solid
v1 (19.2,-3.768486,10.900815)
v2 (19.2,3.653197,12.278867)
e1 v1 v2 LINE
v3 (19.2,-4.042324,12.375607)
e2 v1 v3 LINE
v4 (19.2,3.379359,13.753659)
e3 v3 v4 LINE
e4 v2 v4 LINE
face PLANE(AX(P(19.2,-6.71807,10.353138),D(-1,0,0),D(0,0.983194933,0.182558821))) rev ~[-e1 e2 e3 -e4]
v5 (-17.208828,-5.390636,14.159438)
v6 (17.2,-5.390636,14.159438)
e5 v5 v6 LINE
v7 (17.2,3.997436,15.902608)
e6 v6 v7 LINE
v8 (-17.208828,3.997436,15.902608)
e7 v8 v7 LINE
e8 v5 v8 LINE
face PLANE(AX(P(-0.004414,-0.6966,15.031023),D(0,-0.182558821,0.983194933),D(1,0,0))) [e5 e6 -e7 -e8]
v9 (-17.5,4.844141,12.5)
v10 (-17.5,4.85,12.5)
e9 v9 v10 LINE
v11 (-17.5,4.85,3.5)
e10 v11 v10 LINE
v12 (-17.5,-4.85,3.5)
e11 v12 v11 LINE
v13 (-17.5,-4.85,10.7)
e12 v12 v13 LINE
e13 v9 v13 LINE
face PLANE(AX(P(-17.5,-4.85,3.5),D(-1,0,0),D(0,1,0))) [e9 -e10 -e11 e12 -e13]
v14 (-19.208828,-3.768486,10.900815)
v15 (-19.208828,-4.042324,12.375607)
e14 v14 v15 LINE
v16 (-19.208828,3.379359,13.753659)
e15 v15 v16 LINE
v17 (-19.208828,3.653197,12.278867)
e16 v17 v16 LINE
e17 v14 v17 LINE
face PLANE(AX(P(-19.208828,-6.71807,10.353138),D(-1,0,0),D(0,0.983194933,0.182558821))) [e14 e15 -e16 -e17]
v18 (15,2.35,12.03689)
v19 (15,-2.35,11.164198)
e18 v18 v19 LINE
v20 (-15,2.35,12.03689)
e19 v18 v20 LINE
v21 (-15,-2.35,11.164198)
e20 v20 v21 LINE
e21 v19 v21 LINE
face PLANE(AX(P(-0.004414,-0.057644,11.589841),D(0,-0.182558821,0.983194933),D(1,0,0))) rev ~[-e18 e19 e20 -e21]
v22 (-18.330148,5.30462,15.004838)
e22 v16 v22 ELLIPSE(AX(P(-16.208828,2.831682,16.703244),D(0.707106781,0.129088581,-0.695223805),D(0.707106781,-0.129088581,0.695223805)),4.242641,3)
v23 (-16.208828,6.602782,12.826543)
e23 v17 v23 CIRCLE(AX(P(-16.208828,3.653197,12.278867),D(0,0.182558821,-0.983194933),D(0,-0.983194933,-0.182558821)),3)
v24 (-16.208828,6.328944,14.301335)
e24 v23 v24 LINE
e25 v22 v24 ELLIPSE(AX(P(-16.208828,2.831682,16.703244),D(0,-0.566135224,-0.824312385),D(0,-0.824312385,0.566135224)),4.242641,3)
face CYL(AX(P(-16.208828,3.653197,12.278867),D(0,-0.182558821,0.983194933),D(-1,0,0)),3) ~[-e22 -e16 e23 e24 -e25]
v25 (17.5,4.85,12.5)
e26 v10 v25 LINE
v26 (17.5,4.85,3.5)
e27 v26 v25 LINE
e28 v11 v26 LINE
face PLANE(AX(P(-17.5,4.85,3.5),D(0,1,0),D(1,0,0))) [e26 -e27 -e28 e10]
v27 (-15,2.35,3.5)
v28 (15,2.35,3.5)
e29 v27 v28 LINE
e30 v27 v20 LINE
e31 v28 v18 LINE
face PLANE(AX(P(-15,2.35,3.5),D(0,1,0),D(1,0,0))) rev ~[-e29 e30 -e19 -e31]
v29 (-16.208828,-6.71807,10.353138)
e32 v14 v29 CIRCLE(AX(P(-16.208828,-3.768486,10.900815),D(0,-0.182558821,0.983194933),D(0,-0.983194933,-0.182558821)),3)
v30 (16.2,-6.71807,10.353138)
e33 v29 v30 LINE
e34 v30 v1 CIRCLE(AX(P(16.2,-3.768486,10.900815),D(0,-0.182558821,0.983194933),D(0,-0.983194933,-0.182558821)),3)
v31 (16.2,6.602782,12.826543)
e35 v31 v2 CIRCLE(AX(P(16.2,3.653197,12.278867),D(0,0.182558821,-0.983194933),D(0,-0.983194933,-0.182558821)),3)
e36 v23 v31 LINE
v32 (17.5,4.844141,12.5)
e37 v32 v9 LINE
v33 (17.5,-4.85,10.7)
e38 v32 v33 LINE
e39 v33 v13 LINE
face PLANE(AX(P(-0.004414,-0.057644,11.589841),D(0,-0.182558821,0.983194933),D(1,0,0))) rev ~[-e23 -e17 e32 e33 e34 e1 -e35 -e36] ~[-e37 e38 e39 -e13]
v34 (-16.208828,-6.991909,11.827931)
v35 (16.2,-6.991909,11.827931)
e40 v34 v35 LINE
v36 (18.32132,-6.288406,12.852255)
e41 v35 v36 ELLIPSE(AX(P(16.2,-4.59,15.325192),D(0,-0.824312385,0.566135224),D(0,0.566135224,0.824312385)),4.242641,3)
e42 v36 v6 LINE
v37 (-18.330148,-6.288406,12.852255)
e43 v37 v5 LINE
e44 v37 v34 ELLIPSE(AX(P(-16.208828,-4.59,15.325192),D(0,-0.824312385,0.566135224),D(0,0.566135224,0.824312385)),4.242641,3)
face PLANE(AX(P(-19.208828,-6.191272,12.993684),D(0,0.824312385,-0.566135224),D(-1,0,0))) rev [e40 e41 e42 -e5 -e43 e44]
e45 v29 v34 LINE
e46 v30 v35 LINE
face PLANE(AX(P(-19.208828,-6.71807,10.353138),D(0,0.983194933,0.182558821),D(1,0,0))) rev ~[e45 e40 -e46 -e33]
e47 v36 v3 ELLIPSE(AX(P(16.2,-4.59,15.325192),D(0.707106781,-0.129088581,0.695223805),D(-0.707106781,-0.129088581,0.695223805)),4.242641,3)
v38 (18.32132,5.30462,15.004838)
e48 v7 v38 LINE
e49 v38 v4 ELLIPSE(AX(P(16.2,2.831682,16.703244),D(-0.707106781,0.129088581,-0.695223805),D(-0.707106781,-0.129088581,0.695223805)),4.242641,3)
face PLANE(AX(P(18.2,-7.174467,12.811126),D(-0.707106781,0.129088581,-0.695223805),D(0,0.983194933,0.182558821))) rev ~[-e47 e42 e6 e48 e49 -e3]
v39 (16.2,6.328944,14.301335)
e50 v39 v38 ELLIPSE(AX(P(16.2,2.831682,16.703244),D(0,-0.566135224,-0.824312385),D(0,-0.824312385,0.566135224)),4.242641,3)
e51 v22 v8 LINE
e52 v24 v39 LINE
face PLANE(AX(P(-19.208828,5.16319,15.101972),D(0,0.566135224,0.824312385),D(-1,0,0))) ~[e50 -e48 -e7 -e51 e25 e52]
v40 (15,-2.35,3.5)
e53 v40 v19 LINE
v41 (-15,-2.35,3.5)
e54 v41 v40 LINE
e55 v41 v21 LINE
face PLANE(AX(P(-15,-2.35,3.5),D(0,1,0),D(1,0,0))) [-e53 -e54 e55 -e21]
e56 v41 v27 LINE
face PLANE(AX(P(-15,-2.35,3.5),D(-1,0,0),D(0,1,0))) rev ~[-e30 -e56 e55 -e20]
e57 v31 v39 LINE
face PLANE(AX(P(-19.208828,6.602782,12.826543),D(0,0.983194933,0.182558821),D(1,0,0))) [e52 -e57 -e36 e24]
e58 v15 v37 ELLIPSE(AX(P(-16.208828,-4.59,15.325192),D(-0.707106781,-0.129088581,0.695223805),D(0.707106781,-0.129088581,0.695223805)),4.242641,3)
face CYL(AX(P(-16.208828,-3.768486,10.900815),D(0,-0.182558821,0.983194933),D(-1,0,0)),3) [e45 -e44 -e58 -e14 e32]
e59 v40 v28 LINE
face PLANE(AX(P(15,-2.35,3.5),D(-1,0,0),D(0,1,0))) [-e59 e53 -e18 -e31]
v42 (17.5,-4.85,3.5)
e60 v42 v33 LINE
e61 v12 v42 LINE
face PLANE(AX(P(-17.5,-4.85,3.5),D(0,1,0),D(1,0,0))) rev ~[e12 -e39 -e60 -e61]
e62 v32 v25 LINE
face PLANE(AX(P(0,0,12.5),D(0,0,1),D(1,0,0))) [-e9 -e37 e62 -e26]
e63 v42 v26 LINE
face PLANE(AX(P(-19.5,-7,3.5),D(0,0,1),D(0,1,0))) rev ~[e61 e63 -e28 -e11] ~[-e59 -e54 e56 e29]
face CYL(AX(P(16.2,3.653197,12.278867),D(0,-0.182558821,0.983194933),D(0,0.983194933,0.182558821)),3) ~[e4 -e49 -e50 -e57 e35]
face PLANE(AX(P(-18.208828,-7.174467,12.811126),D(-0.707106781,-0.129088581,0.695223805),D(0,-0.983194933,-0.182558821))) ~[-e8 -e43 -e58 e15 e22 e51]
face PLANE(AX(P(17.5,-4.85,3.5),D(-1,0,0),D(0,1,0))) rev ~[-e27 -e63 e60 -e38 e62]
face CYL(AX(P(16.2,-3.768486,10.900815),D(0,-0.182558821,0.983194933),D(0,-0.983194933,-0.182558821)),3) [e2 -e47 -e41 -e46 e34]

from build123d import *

# Parameters (mm, degrees)
F0_W      = 39
F0_H      = 14
F1_DEPTH  = 3.5
F2_W      = 35
F2_H      = 9.7
F2_W_2    = 30
F2_H_2    = 4.7
F3_DEPTH  = 9
F5_DEPTH  = 22.5
F6_W      = 38.4088279873
F6_H      = 13.5485363163
F7_DEPTH  = 3.5
F8_SIZE   = 2
F9_R      = 3
F10_DEPTH = 39.001


with BuildPart() as f1:
    # F0 (on Top) → F1 (new body)
    with BuildSketch(Plane.XY):
        Rectangle(F0_W, F0_H)
    extrude(amount=F1_DEPTH)

    # F2 (on face) → F3 (join)
    with BuildSketch(Plane.XY.offset(3.5)):
        Rectangle(F2_W, F2_H)
        Rectangle(F2_W_2, F2_H_2, mode=Mode.SUBTRACT)
    extrude(amount=F3_DEPTH)

    # F4 (on Right) → F5 (cut, symmetric)
    with BuildSketch(Plane.YZ):
        Polygon((-4.85, 10.7), (4.85, 12.501087971), (-5.2555450427, 12.884117032), align=None)
    extrude(amount=F5_DEPTH, both=True, mode=Mode.SUBTRACT)

    # F6 (on face) → F7 (join)
    with BuildSketch(Plane(origin=(0, -2.0821921756, 11.2139242658), x_dir=(1, 0, 0), z_dir=(0, -0.1825588214, 0.9831949332))):
        with Locations((-0.0044139937, 2.0591521208)):
            Rectangle(F6_W, F6_H)
    extrude(amount=F7_DEPTH)

    # F8
    f8_edges = [f1.edges().sort_by_distance(p)[0] for p in [
        (-0.004414, -7.357026, 13.794321),
        (19.2, -0.6966, 15.031023),
        (-0.004414, 5.963826, 16.267725),
        (-19.208828, -0.6966, 15.031023),
    ]]
    chamfer(f8_edges, length=F8_SIZE)

    # F9
    f9_edges = [f1.edges().sort_by_distance(p)[0] for p in [
        (19.2, -6.854989, 11.090534),
        (19.2, 6.465863, 13.563939),
        (-19.208828, 6.465863, 13.563939),
        (-19.208828, -6.854989, 11.090534),
    ]]
    fillet(f9_edges, radius=F9_R)

    # F10 (cut, through all): a face of the model
    f10_faces = [f1.faces().sort_by_distance(p)[0] for p in [
        (-19.5, 0, 1.75),
    ]]
    extrude(f10_faces, amount=-F10_DEPTH, mode=Mode.SUBTRACT)


solid = f1.part
